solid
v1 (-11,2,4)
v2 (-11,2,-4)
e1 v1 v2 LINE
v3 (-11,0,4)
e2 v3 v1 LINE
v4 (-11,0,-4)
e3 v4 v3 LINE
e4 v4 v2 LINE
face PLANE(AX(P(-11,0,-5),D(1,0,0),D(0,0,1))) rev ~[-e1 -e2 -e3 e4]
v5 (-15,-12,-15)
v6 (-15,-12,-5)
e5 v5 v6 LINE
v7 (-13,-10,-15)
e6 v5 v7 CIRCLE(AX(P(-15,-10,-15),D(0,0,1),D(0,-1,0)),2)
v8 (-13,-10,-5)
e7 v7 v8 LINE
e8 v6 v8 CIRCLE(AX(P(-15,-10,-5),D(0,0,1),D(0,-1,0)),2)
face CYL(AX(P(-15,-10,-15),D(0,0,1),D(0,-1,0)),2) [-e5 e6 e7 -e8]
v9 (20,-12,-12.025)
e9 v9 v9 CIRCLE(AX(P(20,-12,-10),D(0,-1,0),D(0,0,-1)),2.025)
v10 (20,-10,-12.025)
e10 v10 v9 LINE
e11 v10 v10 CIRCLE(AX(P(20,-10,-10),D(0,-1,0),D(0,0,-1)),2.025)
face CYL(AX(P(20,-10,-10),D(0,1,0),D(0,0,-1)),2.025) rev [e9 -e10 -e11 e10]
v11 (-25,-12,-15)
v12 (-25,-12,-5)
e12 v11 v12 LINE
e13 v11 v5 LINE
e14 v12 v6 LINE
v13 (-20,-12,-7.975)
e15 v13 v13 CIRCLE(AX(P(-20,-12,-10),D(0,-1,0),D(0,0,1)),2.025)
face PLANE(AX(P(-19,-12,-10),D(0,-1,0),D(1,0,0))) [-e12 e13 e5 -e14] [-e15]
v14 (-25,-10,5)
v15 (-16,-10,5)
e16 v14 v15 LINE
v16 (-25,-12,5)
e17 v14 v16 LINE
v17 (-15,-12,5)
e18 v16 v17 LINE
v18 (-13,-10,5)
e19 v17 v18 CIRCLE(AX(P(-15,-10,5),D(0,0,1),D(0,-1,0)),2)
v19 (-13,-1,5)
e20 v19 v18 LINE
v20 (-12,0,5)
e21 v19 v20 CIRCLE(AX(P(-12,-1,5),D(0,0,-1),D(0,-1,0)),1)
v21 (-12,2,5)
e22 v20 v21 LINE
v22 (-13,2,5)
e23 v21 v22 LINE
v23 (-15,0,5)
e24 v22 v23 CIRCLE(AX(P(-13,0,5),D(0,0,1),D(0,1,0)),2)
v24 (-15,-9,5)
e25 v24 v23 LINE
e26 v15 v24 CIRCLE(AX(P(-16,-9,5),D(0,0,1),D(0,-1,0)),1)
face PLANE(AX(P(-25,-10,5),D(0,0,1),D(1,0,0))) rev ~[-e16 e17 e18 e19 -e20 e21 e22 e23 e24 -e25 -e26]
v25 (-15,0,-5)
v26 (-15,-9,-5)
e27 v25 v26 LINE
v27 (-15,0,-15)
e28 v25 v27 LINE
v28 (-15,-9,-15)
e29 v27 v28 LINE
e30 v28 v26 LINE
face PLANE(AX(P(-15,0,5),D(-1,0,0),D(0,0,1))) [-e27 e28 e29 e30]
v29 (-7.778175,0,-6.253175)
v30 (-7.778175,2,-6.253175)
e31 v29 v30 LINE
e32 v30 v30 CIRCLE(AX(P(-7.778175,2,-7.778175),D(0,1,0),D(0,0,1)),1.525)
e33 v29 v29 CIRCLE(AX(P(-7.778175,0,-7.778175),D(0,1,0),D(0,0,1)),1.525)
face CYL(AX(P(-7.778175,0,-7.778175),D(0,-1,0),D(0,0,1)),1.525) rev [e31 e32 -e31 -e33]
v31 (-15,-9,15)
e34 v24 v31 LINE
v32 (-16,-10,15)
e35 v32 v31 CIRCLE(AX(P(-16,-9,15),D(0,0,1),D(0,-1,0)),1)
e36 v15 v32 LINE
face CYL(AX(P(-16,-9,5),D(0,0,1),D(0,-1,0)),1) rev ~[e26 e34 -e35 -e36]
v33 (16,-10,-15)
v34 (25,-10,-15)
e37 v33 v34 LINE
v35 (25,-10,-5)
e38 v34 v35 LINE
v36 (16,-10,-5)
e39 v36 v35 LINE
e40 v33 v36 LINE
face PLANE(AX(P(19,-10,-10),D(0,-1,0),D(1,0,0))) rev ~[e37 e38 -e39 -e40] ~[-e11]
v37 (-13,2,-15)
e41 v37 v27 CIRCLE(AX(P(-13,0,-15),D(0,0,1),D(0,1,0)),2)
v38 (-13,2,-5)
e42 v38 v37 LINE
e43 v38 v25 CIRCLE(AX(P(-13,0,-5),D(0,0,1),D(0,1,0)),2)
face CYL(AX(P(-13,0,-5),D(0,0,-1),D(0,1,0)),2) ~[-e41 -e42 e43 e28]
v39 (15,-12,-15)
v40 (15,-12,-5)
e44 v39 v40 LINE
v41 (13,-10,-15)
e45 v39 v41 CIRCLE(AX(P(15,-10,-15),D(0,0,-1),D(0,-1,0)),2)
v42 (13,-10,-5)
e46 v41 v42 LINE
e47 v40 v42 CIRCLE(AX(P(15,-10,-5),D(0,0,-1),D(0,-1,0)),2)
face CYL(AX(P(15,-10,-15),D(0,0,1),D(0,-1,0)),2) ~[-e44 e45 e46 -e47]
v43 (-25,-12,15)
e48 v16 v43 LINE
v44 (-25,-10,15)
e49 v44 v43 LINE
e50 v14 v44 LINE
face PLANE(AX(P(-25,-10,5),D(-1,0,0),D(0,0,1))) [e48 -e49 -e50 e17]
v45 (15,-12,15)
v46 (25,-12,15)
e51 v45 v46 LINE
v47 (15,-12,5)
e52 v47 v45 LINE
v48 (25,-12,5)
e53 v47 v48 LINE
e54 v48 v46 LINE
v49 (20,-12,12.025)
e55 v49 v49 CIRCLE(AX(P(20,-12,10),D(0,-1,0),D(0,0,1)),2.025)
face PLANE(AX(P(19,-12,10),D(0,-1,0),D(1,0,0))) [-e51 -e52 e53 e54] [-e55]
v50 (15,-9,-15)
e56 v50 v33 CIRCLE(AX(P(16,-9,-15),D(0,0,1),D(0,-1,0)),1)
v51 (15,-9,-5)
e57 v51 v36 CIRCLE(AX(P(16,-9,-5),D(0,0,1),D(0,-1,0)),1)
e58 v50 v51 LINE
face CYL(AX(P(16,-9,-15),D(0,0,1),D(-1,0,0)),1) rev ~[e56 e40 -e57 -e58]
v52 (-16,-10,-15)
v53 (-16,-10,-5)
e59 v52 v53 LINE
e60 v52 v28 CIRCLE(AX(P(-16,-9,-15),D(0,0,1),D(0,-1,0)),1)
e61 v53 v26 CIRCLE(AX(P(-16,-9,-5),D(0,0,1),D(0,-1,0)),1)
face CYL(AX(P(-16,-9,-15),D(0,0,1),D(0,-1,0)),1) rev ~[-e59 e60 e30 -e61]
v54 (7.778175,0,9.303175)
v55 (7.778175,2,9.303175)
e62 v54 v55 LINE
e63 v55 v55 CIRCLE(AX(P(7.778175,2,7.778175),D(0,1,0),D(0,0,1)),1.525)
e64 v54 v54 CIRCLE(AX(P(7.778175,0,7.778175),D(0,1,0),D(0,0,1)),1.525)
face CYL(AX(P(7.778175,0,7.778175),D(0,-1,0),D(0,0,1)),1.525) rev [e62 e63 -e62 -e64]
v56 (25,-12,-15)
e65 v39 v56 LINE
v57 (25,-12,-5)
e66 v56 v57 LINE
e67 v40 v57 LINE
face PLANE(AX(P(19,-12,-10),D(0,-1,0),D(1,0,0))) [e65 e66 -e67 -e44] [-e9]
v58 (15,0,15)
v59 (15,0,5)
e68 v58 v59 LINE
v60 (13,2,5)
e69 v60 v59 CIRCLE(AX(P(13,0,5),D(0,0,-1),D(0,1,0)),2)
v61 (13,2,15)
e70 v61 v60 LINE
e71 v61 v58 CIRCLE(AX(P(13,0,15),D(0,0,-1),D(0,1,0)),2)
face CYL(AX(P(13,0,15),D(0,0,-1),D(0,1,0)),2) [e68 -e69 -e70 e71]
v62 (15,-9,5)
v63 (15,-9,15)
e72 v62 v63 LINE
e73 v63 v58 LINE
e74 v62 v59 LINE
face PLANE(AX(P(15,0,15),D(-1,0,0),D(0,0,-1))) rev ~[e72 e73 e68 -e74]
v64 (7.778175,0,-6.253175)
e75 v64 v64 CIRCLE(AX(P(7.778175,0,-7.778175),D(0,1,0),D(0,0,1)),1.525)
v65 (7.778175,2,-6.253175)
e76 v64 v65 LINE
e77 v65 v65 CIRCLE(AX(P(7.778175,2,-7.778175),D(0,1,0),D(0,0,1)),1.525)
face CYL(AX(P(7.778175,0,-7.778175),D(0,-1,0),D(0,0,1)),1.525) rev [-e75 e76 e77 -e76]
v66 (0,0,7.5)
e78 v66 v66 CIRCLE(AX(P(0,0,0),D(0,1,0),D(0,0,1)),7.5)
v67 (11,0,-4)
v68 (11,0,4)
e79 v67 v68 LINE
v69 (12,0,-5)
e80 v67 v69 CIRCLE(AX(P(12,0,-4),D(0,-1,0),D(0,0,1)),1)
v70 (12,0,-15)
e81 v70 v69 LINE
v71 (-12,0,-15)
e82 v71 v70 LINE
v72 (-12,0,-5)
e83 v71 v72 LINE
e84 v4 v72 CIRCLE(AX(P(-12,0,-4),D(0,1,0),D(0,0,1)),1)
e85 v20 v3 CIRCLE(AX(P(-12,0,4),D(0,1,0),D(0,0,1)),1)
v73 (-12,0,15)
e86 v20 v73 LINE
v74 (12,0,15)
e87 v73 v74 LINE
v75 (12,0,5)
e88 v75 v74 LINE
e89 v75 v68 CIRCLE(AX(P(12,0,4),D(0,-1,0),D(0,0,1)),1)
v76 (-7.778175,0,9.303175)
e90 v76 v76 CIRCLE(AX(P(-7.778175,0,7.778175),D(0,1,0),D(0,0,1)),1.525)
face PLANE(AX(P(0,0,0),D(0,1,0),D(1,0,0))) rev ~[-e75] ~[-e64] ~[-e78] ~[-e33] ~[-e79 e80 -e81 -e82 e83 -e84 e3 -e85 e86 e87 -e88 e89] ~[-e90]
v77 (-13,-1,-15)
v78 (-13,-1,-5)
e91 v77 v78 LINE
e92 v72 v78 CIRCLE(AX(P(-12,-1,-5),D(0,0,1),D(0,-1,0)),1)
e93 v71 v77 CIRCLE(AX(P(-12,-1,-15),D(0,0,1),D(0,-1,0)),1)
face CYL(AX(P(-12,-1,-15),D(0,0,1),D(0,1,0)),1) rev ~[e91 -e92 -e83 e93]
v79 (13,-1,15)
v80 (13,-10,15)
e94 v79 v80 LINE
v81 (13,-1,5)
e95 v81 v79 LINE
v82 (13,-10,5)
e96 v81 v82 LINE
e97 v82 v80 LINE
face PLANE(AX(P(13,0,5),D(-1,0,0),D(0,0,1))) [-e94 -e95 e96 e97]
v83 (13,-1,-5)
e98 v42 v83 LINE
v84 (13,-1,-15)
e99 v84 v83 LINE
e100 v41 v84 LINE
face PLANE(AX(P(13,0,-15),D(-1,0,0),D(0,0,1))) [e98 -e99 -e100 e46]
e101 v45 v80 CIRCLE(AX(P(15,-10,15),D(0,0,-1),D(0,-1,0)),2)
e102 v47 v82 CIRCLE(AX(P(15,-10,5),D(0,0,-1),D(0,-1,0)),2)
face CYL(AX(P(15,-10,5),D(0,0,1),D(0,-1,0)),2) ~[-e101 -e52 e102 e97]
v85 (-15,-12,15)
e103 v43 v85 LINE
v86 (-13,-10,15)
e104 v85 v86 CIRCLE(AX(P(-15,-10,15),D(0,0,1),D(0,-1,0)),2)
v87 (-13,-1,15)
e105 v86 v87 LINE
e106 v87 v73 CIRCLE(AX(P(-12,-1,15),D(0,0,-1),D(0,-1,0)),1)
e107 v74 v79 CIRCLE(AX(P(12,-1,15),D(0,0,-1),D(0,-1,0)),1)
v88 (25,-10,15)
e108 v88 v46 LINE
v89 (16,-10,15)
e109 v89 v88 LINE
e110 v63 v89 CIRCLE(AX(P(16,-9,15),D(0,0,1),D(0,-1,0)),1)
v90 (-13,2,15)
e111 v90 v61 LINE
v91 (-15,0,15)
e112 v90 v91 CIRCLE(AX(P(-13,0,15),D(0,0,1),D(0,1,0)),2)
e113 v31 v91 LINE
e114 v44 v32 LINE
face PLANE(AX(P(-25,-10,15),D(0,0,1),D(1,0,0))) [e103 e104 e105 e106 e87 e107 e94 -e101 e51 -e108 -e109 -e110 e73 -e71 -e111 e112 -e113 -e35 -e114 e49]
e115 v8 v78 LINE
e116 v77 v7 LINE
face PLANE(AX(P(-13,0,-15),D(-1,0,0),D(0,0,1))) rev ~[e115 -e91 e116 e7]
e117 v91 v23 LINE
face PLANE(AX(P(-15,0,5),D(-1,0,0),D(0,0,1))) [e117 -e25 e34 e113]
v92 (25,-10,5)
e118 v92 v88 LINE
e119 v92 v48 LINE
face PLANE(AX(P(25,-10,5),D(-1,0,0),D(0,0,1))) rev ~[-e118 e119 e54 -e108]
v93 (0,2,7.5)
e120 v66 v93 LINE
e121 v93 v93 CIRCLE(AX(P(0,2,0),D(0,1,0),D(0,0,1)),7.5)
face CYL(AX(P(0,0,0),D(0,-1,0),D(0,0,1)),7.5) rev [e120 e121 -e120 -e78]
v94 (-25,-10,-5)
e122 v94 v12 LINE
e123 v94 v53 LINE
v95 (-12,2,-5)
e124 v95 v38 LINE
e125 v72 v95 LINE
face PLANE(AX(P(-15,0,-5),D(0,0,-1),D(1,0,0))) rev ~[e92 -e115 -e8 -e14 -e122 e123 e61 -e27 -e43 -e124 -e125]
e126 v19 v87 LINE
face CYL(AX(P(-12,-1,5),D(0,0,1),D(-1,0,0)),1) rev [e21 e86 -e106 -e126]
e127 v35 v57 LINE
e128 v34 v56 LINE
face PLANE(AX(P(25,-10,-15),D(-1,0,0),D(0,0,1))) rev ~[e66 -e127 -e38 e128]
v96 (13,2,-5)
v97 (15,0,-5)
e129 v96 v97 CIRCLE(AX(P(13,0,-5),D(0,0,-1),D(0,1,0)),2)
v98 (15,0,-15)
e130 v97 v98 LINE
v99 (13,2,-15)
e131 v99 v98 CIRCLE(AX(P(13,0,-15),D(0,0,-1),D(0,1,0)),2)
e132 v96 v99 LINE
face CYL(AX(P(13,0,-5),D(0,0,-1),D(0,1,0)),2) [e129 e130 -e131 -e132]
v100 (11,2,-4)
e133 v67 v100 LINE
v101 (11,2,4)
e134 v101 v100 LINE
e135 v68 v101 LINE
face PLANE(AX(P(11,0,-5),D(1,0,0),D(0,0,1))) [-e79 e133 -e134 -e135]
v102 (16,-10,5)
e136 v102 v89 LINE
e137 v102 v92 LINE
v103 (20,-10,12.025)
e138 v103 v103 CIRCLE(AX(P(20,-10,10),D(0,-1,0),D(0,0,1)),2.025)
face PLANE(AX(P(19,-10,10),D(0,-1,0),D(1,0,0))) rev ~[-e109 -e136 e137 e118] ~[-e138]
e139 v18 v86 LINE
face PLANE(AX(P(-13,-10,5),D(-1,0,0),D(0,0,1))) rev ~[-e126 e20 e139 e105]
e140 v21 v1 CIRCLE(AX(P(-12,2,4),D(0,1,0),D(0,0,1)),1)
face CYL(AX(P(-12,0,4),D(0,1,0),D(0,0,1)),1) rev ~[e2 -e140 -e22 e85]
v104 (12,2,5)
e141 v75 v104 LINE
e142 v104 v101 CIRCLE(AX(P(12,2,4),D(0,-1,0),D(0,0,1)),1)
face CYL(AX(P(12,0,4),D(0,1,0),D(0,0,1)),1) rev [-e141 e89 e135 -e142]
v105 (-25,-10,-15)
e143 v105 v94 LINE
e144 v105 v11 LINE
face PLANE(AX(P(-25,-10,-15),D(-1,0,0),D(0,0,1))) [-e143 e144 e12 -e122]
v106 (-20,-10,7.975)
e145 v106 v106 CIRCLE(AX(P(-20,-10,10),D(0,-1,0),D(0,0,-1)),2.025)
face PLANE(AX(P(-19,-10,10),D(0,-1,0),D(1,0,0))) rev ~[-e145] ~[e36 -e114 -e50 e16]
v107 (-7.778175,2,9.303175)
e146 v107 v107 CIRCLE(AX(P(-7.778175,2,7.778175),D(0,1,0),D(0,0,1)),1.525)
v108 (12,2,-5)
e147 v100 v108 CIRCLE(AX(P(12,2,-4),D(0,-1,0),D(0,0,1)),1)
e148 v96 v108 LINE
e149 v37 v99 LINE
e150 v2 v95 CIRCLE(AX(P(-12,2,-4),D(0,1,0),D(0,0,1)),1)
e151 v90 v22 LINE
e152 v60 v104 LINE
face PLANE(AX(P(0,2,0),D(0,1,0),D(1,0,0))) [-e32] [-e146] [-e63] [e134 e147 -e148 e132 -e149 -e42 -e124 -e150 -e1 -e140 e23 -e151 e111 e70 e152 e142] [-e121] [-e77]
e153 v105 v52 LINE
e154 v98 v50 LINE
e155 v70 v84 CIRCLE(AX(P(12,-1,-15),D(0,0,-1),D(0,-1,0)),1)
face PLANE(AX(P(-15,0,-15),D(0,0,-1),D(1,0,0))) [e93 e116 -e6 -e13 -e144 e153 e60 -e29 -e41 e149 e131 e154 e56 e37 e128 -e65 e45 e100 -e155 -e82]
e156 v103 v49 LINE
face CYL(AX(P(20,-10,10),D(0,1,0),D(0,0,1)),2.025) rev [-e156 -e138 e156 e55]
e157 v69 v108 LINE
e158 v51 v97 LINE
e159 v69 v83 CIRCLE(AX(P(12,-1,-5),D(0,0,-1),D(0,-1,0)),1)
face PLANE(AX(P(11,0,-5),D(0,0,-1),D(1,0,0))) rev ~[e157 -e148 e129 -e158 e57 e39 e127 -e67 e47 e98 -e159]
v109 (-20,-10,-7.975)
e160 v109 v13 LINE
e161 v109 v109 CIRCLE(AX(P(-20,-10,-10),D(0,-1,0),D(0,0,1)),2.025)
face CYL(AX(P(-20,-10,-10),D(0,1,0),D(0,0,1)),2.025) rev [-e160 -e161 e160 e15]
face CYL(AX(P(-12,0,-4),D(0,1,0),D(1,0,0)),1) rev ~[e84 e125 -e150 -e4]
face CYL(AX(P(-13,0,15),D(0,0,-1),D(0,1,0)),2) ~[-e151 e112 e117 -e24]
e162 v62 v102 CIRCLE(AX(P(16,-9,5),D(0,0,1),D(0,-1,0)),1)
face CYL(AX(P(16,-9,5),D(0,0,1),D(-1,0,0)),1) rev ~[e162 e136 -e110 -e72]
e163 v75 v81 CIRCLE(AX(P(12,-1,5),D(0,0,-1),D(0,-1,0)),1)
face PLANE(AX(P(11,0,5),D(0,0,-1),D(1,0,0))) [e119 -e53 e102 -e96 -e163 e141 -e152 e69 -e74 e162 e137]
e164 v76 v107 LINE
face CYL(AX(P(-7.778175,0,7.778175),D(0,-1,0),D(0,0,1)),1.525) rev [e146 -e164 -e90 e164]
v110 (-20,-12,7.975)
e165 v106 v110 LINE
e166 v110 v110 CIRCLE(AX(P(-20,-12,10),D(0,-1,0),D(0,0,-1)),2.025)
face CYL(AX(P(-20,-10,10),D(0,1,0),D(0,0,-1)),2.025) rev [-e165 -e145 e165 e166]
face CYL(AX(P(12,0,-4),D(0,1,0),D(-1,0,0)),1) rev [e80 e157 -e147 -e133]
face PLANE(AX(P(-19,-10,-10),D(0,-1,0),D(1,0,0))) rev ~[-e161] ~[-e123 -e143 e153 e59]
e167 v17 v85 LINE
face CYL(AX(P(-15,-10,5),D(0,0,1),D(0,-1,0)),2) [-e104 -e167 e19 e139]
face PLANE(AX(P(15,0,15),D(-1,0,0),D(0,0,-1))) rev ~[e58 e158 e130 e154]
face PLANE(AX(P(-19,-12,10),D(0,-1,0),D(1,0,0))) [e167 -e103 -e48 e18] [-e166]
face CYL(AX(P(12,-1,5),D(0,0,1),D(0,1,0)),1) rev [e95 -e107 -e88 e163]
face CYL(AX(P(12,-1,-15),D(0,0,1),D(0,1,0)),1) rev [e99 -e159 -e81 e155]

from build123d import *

# Parameters (mm, degrees)
SKETCH1_W           = 30
SKETCH1_H           = 30
SKETCH1_R           = 7.5
SKETCH1_R_2         = 1.525
BOSS_EXTRUDE1_DEPTH = 2
SKETCH3_W           = 2
SKETCH3_H           = 10
BOSS_EXTRUDE2_DEPTH = 10
SKETCH4_W           = 12
SKETCH4_H           = 10
SKETCH4_R           = 2.025
BOSS_EXTRUDE3_DEPTH = 2
SKETCH5_W           = 4
SKETCH5_H           = 10
CUT_EXTRUDE1_DEPTH  = 32.527765541
FILLET1_R           = 2
FILLET2_R           = 1
FILLET3_R           = 1


with BuildPart() as part:
    # Sketch1 → Boss-Extrude1 (new body)
    with BuildSketch(Plane(origin=(0, 0, 0), x_dir=(1, 0, 0), z_dir=(0, 1, 0))):
        Rectangle(SKETCH1_W, SKETCH1_H)
        with Locations(Location((0, 0, 0), (0, 0, 270))):
            Circle(SKETCH1_R, mode=Mode.SUBTRACT)
        with Locations(Location((-7.778174593, 7.778174593, 0), (0, 0, 270))):
            Circle(SKETCH1_R_2, mode=Mode.SUBTRACT)
        with Locations(Location((7.778174593, 7.778174593, 0), (0, 0, 270))):
            Circle(SKETCH1_R_2, mode=Mode.SUBTRACT)
        with Locations(Location((-7.778174593, -7.778174593, 0), (0, 0, 270))):
            Circle(SKETCH1_R_2, mode=Mode.SUBTRACT)
        with Locations(Location((7.778174593, -7.778174593, 0), (0, 0, 270))):
            Circle(SKETCH1_R_2, mode=Mode.SUBTRACT)
    extrude(amount=BOSS_EXTRUDE1_DEPTH)

    # Sketch3 → Boss-Extrude2 (add)
    with BuildSketch(Plane.XZ):
        with Locations((-14, 10)):
            Rectangle(SKETCH3_W, SKETCH3_H)
        with Locations((14, 10)):
            Rectangle(SKETCH3_W, SKETCH3_H)
        with Locations((14, -10)):
            Rectangle(SKETCH3_W, SKETCH3_H)
        with Locations((-14, -10)):
            Rectangle(SKETCH3_W, SKETCH3_H)
    extrude(amount=BOSS_EXTRUDE2_DEPTH)

    # Sketch4 → Boss-Extrude3 (add)
    # profile 1 of 4: a face of its own
    with BuildSketch(Plane.XZ.offset(10)):
        with Locations((-19, 10)):
            Rectangle(SKETCH4_W, SKETCH4_H)
        with Locations(Location((-20, 10, 0), (0, 0, 270))):
            Circle(SKETCH4_R, mode=Mode.SUBTRACT)
    # profile 2 of 4: a face of its own
    with BuildSketch(Plane.XZ.offset(10)):
        with Locations((19, 10)):
            Rectangle(SKETCH4_W, SKETCH4_H)
        with Locations(Location((20, 10, 0), (0, 0, 90))):
            Circle(SKETCH4_R, mode=Mode.SUBTRACT)
    # profile 3 of 4: a face of its own
    with BuildSketch(Plane.XZ.offset(10)):
        with Locations((19, -10)):
            Rectangle(SKETCH4_W, SKETCH4_H)
        with Locations(Location((20, -10, 0), (0, 0, 270))):
            Circle(SKETCH4_R, mode=Mode.SUBTRACT)
    # profile 4 of 4: a face of its own
    with BuildSketch(Plane.XZ.offset(10)):
        with Locations((-19, -10)):
            Rectangle(SKETCH4_W, SKETCH4_H)
        with Locations(Location((-20, -10, 0), (0, 0, 90))):
            Circle(SKETCH4_R, mode=Mode.SUBTRACT)
    extrude(amount=BOSS_EXTRUDE3_DEPTH)

    # Sketch5 → Cut-Extrude1 (cut, through all)
    with BuildSketch(Plane.XZ):
        with Locations((-13, 0)):
            Rectangle(SKETCH5_W, SKETCH5_H)
        with Locations((13, 0)):
            Rectangle(SKETCH5_W, SKETCH5_H)
    extrude(amount=-CUT_EXTRUDE1_DEPTH, mode=Mode.SUBTRACT)

    # Fillet1
    fillet1_edges = [part.edges().sort_by_distance(p)[0] for p in [
        (13, -12, -10),
        (-13, -12, -10),
        (-15, 2, -10),
        (-15, 2, 10),
        (15, 2, -10),
        (15, 2, 10),
        (-13, -12, 10),
        (13, -12, 10),
    ]]
    fillet(fillet1_edges, radius=FILLET1_R)

    # Fillet2
    fillet2_edges = [part.edges().sort_by_distance(p)[0] for p in [
        (-13, 0, 10),
        (-15, -10, 10),
        (13, 0, 10),
        (15, -10, 10),
        (13, 0, -10),
        (15, -10, -10),
        (-13, 0, -10),
        (-15, -10, -10),
    ]]
    fillet(fillet2_edges, radius=FILLET2_R)

    # Fillet3
    fillet3_edges = [part.edges().sort_by_distance(p)[0] for p in [
        (-11, 1, -5),
        (11, 1, -5),
        (11, 1, 5),
        (-11, 1, 5),
    ]]
    fillet(fillet3_edges, radius=FILLET3_R)


solid = part.part
